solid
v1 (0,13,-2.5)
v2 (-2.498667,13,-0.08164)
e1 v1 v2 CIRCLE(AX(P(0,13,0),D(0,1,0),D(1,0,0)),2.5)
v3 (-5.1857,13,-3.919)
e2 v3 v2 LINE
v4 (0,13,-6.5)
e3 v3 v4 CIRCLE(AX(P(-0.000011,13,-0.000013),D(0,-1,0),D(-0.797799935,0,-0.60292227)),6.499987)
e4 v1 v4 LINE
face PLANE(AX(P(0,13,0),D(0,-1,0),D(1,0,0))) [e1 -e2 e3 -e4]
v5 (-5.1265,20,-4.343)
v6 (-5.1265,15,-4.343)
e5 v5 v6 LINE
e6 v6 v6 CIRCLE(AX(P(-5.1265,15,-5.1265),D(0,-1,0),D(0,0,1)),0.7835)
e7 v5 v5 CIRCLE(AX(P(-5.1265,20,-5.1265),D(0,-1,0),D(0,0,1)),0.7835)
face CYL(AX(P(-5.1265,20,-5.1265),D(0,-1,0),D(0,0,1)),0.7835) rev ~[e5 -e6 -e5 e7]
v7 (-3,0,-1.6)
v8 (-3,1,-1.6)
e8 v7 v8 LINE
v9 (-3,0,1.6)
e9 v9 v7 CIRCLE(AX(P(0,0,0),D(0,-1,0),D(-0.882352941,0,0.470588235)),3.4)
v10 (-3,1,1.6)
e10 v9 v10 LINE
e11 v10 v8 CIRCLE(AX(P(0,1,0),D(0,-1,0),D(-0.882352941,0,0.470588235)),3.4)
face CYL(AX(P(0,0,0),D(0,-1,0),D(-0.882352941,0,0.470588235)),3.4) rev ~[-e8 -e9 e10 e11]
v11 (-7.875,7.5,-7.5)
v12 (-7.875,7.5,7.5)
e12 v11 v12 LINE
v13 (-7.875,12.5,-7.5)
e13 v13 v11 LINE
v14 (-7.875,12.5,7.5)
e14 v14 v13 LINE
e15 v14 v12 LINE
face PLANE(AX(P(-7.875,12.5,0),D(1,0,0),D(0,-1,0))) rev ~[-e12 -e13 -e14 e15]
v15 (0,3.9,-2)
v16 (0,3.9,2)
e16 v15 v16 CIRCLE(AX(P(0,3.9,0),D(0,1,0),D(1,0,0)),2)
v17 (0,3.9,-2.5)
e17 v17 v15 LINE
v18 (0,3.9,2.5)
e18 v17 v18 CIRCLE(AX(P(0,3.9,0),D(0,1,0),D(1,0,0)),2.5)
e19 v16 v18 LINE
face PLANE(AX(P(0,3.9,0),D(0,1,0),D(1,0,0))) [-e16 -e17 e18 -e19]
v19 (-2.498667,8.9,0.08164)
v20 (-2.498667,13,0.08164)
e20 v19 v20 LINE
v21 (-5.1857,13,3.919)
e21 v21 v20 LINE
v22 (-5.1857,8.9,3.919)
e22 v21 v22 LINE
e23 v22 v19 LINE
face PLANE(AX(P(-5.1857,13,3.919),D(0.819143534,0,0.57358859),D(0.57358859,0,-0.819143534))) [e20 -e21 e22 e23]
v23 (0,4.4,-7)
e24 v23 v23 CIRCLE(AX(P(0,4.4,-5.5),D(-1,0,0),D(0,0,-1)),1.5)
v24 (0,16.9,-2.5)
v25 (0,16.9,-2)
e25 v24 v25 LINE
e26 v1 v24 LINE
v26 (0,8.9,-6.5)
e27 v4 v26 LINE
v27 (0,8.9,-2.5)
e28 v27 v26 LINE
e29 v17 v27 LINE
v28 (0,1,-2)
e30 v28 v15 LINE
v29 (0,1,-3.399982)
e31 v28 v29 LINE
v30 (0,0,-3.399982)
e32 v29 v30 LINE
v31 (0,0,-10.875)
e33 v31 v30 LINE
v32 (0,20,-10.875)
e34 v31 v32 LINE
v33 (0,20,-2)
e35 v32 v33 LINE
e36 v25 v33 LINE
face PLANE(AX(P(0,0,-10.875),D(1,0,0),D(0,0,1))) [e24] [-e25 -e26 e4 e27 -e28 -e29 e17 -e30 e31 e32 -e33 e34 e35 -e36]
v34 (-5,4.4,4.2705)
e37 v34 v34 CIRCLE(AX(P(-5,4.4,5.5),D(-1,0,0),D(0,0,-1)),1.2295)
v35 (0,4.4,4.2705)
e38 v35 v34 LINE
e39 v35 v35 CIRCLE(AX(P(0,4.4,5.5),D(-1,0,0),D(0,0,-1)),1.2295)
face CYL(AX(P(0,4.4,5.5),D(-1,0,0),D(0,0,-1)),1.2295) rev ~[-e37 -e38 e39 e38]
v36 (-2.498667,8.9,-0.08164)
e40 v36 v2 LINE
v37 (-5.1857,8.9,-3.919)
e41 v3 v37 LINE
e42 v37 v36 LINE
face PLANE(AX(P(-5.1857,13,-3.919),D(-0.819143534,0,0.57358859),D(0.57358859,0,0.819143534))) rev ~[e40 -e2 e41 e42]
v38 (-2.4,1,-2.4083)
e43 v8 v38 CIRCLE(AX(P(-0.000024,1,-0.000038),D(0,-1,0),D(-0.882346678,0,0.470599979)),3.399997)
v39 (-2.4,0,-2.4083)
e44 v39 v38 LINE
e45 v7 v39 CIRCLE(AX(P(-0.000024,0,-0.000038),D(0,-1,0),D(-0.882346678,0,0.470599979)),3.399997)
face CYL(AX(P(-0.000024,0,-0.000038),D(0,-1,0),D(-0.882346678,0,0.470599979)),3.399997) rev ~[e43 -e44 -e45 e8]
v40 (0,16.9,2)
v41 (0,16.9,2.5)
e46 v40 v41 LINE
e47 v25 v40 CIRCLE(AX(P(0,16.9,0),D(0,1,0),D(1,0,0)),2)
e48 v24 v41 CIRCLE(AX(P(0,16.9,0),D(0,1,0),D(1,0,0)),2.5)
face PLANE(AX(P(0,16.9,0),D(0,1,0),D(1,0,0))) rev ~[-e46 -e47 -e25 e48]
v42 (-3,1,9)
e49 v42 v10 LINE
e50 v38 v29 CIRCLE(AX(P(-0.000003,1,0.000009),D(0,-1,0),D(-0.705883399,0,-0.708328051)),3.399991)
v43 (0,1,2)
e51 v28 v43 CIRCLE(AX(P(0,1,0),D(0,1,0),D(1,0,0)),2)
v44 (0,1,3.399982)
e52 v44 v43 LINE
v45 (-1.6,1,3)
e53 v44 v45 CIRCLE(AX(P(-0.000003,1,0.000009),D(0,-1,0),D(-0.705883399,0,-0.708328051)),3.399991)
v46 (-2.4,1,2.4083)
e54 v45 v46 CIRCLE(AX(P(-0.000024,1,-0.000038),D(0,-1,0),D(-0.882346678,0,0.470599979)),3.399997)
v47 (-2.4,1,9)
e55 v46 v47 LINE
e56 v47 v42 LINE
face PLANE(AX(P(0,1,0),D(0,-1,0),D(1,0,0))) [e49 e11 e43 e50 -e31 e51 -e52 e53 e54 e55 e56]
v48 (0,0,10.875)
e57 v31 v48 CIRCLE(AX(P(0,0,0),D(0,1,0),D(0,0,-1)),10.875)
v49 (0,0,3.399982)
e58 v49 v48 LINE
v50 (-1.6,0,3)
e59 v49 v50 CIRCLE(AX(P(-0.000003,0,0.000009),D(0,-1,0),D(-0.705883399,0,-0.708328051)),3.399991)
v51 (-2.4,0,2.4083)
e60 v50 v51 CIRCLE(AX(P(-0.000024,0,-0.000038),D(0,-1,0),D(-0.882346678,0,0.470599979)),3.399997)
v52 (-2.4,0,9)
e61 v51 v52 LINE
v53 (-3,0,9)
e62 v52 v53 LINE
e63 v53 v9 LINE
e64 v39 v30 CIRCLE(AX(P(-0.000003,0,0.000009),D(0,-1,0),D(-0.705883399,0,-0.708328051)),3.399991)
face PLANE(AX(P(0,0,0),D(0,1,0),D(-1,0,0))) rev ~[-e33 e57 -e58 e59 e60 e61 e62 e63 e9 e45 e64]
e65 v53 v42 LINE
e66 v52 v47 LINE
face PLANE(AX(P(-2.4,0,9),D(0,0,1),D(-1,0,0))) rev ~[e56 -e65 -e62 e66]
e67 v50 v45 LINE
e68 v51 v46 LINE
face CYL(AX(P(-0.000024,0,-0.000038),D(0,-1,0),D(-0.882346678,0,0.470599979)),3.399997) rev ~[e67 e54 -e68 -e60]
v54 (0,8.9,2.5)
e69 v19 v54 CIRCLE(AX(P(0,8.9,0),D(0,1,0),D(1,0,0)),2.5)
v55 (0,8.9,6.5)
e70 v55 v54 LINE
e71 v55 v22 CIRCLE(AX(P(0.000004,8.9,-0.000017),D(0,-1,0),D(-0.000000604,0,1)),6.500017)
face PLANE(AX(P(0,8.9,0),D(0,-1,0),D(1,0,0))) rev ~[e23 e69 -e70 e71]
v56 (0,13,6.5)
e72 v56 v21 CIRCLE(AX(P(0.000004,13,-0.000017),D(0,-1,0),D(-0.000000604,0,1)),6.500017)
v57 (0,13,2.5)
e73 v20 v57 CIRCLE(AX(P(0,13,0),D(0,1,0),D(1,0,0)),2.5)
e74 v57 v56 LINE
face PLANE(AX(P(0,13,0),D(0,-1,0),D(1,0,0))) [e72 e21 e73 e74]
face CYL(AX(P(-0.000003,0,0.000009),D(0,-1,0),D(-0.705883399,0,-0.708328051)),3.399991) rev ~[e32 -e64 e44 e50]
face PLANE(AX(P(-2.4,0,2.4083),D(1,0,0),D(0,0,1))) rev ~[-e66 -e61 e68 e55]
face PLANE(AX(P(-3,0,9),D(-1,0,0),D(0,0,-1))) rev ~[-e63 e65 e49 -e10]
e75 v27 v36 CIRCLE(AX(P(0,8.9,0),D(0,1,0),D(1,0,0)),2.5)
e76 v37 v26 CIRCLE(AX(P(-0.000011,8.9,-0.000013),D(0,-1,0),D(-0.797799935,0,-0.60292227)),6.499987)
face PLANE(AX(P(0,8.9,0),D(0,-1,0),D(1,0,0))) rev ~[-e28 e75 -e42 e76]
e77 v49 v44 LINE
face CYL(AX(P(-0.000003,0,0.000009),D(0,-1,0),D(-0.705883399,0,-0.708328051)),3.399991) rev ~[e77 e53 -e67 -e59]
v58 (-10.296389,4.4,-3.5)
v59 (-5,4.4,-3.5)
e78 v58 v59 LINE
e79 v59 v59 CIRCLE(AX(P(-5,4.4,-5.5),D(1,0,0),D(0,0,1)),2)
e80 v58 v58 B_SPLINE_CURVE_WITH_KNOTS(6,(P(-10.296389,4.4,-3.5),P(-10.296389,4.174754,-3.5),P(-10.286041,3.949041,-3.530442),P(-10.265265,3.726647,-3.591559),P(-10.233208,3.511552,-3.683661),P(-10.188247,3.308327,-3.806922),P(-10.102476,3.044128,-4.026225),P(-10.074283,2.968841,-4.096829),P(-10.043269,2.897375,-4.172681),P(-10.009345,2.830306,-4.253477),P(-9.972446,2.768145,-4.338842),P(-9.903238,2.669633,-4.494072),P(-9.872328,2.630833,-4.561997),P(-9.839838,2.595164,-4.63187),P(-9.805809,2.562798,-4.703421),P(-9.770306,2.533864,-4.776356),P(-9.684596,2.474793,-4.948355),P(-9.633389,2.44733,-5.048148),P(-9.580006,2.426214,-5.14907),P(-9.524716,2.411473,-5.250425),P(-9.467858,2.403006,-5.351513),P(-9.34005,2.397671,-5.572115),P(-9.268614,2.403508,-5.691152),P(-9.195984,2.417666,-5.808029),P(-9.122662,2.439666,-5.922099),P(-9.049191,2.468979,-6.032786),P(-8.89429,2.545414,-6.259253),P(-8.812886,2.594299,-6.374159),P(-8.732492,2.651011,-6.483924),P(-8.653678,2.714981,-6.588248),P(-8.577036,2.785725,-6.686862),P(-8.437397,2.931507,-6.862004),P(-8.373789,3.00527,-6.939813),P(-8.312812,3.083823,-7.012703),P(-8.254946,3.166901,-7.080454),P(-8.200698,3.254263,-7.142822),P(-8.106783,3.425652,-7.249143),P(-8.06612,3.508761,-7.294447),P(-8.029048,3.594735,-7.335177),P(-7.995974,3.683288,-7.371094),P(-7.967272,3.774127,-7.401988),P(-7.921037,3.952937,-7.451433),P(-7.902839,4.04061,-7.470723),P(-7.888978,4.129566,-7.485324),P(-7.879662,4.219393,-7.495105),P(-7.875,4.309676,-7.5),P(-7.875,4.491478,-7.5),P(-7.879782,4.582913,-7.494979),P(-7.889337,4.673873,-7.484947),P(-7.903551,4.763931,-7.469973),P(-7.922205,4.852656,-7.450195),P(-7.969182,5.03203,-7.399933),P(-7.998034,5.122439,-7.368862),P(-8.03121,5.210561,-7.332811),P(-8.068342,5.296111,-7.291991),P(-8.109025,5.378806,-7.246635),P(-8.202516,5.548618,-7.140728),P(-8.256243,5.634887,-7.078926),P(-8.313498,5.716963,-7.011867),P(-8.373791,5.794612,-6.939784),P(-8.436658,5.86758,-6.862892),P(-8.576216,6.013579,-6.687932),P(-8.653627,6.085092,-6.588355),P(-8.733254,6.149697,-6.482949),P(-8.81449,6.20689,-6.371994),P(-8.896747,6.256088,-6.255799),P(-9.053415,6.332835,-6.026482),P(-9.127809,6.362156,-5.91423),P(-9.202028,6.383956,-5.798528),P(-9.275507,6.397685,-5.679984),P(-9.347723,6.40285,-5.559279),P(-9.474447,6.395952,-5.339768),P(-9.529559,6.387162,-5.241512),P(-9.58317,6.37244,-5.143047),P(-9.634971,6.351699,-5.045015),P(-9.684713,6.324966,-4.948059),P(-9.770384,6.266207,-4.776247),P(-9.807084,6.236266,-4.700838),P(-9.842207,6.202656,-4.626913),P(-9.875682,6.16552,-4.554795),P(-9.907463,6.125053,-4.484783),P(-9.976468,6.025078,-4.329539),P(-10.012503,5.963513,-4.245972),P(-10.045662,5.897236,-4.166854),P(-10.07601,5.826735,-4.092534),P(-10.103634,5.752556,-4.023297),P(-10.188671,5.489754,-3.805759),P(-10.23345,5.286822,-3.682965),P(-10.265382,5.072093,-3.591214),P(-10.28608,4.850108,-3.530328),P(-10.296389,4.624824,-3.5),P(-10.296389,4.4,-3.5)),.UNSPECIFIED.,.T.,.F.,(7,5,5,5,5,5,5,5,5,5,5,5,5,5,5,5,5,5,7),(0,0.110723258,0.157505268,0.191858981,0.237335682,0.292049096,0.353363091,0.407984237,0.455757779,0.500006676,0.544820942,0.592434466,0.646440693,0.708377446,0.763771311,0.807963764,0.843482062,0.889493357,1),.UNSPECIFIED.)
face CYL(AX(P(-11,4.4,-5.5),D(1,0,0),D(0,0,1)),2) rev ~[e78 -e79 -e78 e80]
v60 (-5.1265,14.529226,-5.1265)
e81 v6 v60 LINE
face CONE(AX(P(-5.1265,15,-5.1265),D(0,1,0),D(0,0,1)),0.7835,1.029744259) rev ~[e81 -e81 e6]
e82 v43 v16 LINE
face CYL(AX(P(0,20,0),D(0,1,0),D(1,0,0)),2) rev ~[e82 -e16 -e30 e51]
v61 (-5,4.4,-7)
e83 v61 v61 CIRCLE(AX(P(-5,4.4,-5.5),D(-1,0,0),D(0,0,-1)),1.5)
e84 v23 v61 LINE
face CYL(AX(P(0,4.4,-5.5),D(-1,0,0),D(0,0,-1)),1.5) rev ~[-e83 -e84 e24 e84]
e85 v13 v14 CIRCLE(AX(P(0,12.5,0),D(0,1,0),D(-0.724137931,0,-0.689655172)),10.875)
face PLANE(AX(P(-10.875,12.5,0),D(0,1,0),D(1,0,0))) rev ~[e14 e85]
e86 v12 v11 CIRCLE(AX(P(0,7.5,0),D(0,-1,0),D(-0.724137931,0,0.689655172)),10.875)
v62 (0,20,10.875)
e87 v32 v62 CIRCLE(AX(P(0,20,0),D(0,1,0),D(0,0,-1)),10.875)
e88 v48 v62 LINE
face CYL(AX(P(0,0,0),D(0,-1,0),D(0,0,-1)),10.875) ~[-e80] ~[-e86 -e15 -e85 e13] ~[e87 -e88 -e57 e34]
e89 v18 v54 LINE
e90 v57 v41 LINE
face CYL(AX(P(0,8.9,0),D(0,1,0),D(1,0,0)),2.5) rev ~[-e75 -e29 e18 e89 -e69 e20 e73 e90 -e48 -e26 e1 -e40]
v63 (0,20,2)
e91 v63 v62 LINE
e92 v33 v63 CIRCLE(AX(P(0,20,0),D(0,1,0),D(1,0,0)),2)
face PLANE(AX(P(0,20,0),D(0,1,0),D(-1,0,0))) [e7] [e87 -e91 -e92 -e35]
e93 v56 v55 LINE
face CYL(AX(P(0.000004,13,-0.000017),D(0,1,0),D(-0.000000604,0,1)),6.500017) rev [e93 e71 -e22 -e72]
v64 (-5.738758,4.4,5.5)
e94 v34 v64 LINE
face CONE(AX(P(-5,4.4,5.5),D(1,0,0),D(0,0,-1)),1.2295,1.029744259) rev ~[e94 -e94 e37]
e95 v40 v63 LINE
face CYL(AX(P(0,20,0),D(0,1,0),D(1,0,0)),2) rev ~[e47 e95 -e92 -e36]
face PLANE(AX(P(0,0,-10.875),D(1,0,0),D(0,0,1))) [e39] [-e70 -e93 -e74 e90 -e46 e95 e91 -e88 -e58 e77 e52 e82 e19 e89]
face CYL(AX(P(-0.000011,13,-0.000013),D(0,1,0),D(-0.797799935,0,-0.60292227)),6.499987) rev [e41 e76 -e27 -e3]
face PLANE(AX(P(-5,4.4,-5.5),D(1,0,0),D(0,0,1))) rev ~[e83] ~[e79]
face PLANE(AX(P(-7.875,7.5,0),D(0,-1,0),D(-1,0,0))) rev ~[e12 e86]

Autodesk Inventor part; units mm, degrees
ref_plane "YZ Plane" through (0, 0, 0) normal (1, 0, 0) x (0, 1, 0)
sketch "Sketch1" plane through (0, 0, 0) normal (0, 1, 0) x (-1, 0, 0)
  arc A0 (0, -10.875) -> (0, 10.875) centre (0, 0) ccw
  line L0 (0, -10.875) -> (0, 10.875)
  dimension "d0" = 21.75
extrude "Extrusion1" add sketch "Sketch1" along normal blind 20
sketch "Sketch2" plane through (0, 20, 0) normal (0, 1, 0) x (1, 0, 0)
  circle A0 centre (0, 0) radius 2
  dimension "d3" = 4
extrude "Extrusion2" cut sketch "Sketch2" against normal through all
ref_plane "Work Plane1" through (0, 13, 0) normal (0, -1, 0) x (1, 0, 0)
sketch "Sketch3" plane through (0, 13, 0) normal (0, -1, 0) x (1, 0, 0)
  line L0 (-2, -7.5208) -> (2, -7.5208) construction
  line L1 (2, -7.5208) -> (2, 8.0151) construction
  line L2 (2, 8.0151) -> (-2, 8.0151) construction
  line L3 (-2, 8.0151) -> (-2, -7.5208) construction
  line L4 (2.6754, -7.3078) -> (5.9521, -5.0135) construction
  line L5 (5.9521, -5.0135) -> (-2.959, 7.7128) construction
  line L6 (-2.959, 7.7128) -> (-6.2356, 5.4185) construction
  line L7 (-6.2356, 5.4185) -> (2.6754, -7.3078) construction
  line L8 (5.9521, 5.0135) -> (2.6754, 7.3078) construction
  line L9 (2.6754, 7.3078) -> (-6.2356, -5.4185) construction
  line L10 (-6.2356, -5.4185) -> (-2.959, -7.7128) construction
  line L11 (-2.959, -7.7128) -> (5.9521, 5.0135) construction
  line L12 (-5.1857, 3.919) -> (-2.4415, 0)
  line L13 (-5.1857, -3.919) -> (-2.4415, 0)
  line L14 (0, 10.875) -> (0, 2) projected
  line L15 (0, 6.4375) -> (0, -6.5)
  arc A0 (1.9091, -6.2133) -> (2, -6.1847) centre (0, 0) ccw
  arc A1 (2, 6.1847) -> (1.9091, 6.2133) centre (0, 0) ccw
  arc A2 (0, 6.5) -> (-5.1857, 3.919) centre (0, 0) ccw
  arc A3 (-5.1857, -3.919) -> (0, -6.5) centre (0, 0) ccw
  point P0 (2, 7.5208)
  point P1 (-2, -8.0151)
  dimension "d29" = 4
  dimension "d32" = 35
  dimension "d36" = 145
extrude "Extrusion3" cut sketch "Sketch3" along normal blind 4.1
sketch "Sketch4" plane through (0, 20, 0) normal (0, 1, 0) x (1, 0, 0)
  line L0 (0, 0) -> (-10.2573, 10.2573) construction
  line L1 (0, 0) -> (14.5061, 0) construction
  point P0 (-5.1265, 5.1265)
  dimension "d38" = 7.25
  dimension "d39" = 225
hole "Hole1" at (-5.1265, 20, -5.1265) direction (0, -1, 0) diameter 1.567 depth 5 tip angle 118 thread size "M2x0.4" class "6H" standard "ISO Metric profile"
sketch "Sketch5" plane through (0, 0, 10.875) normal (1, 0, 0) x (0, 0, -1)
  line L0 (8.875, 8.9) -> (4.375, 8.9) projected
  line L1 (8.875, 0) -> (8.875, 8.9) projected
  point P0 (10.875, 0)
  point P1 (5.375, 4.4)
  dimension "d47" = 4.5
  dimension "d50" = 3.5
hole "Hole2" at (0, 4.4, 5.5) direction (-1, 0, 0) diameter 2.459 depth 5 tip angle 118 thread size "M3x0.5" class "6H" standard "ISO Metric profile"
sketch "Sketch6" plane through (0, 0, -10.875) normal (1, 0, 0) x (0, 0, -1)
  line L0 (-8.875, 8.9) -> (-8.875, 0) projected
  line L1 (-4.375, 8.9) -> (-8.875, 8.9) projected
  point P0 (-10.875, 0)
  point P1 (-5.375, 4.4)
  dimension "d58" = 3.5
  dimension "d59" = 4.5
hole "Hole3" at (0, 4.4, -5.5) direction (-1, 0, 0) diameter 3 end through all
ref_plane "Work Plane2" through (-11, 0, -10.875) normal (1, 0, 0) x (0, 0, -1)
sketch "Sketch7" plane through (-11, 0, -10.875) normal (1, 0, 0) x (0, 0, -1)
  circle A0 centre (-5.375, 4.4) radius 1.5 projected
  point P0 (-10.875, 0)
hole "Hole4" at (-11, 4.4, -5.5) direction (1, 0, 0) diameter 3 end through all counterbore diameter 4 counterbore depth 6
sketch "Sketch8" plane through (0, 0, 0) normal (0, -1, 0) x (1, 0, 0)
  circle A0 centre (0, 0) radius 2.7 construction
  line L0 (0, 3) -> (0, 2.4) construction
  line L1 (0, 6.5) -> (0, 2) projected
  arc A1 (-3, 1.6) -> (-3, -1.6) centre (0, 0) ccw
  arc A2 (-2.4, -2.4083) -> (-1.6, 3) centre (0, 0) ccw
  line L2 (-2.4, 9) -> (-3, 9)
  line L3 (-3, 9) -> (-3, 1.6)
  arc A3 (-3, 1.6) -> (-2.4, 2.4083) centre (0, 0) ccw
  arc A4 (-2.4, -2.4083) -> (-2.4, 2.4083) centre (0, 0) ccw
  arc A5 (-3, 1.6) -> (-3, -1.6) centre (0, 0) ccw
  line L4 (-2.4, 2.4083) -> (-2.4, 9)
  point P0 (0, 2.7)
  dimension "d76" = 5.4
  dimension "d80" = 0
  dimension "d88" = 0.6
  dimension "d89" = 9
extrude "Extrusion4" cut sketch "Sketch8" against normal blind 1
sketch "Sketch9" plane through (0, 8.9, 0) normal (0, 1, 0) x (1, 0, 0)
  circle A0 centre (0, 0) radius 2.5
  dimension "d90" = 5
extrude "Extrusion5" cut sketch "Sketch9" against normal blind 5 and the other way blind 8
sketch "Sketch10" plane through (0, 0, 0) normal (0, 0, 1) x (1, 0, 0)
  line L0 (-10.875, 0) -> (-10.875, 20) projected
  line L1 (-10.875, 12.5) -> (-7.875, 12.5)
  line L2 (-7.875, 12.5) -> (-7.875, 7.5)
  line L3 (-7.875, 7.5) -> (-10.875, 7.5)
  line L4 (-10.875, 7.5) -> (-10.875, 12.5)
  line L5 (0, 20) -> (-10.875, 20) projected
  point P0 (0, 0)
  dimension "d95" = 3
  dimension "d96" = 7.5
  dimension "d97" = 5
extrude "Extrusion6" cut sketch "Sketch10" along normal through all both and the other way through all
properties part number "HalfEncoderSupprt"
